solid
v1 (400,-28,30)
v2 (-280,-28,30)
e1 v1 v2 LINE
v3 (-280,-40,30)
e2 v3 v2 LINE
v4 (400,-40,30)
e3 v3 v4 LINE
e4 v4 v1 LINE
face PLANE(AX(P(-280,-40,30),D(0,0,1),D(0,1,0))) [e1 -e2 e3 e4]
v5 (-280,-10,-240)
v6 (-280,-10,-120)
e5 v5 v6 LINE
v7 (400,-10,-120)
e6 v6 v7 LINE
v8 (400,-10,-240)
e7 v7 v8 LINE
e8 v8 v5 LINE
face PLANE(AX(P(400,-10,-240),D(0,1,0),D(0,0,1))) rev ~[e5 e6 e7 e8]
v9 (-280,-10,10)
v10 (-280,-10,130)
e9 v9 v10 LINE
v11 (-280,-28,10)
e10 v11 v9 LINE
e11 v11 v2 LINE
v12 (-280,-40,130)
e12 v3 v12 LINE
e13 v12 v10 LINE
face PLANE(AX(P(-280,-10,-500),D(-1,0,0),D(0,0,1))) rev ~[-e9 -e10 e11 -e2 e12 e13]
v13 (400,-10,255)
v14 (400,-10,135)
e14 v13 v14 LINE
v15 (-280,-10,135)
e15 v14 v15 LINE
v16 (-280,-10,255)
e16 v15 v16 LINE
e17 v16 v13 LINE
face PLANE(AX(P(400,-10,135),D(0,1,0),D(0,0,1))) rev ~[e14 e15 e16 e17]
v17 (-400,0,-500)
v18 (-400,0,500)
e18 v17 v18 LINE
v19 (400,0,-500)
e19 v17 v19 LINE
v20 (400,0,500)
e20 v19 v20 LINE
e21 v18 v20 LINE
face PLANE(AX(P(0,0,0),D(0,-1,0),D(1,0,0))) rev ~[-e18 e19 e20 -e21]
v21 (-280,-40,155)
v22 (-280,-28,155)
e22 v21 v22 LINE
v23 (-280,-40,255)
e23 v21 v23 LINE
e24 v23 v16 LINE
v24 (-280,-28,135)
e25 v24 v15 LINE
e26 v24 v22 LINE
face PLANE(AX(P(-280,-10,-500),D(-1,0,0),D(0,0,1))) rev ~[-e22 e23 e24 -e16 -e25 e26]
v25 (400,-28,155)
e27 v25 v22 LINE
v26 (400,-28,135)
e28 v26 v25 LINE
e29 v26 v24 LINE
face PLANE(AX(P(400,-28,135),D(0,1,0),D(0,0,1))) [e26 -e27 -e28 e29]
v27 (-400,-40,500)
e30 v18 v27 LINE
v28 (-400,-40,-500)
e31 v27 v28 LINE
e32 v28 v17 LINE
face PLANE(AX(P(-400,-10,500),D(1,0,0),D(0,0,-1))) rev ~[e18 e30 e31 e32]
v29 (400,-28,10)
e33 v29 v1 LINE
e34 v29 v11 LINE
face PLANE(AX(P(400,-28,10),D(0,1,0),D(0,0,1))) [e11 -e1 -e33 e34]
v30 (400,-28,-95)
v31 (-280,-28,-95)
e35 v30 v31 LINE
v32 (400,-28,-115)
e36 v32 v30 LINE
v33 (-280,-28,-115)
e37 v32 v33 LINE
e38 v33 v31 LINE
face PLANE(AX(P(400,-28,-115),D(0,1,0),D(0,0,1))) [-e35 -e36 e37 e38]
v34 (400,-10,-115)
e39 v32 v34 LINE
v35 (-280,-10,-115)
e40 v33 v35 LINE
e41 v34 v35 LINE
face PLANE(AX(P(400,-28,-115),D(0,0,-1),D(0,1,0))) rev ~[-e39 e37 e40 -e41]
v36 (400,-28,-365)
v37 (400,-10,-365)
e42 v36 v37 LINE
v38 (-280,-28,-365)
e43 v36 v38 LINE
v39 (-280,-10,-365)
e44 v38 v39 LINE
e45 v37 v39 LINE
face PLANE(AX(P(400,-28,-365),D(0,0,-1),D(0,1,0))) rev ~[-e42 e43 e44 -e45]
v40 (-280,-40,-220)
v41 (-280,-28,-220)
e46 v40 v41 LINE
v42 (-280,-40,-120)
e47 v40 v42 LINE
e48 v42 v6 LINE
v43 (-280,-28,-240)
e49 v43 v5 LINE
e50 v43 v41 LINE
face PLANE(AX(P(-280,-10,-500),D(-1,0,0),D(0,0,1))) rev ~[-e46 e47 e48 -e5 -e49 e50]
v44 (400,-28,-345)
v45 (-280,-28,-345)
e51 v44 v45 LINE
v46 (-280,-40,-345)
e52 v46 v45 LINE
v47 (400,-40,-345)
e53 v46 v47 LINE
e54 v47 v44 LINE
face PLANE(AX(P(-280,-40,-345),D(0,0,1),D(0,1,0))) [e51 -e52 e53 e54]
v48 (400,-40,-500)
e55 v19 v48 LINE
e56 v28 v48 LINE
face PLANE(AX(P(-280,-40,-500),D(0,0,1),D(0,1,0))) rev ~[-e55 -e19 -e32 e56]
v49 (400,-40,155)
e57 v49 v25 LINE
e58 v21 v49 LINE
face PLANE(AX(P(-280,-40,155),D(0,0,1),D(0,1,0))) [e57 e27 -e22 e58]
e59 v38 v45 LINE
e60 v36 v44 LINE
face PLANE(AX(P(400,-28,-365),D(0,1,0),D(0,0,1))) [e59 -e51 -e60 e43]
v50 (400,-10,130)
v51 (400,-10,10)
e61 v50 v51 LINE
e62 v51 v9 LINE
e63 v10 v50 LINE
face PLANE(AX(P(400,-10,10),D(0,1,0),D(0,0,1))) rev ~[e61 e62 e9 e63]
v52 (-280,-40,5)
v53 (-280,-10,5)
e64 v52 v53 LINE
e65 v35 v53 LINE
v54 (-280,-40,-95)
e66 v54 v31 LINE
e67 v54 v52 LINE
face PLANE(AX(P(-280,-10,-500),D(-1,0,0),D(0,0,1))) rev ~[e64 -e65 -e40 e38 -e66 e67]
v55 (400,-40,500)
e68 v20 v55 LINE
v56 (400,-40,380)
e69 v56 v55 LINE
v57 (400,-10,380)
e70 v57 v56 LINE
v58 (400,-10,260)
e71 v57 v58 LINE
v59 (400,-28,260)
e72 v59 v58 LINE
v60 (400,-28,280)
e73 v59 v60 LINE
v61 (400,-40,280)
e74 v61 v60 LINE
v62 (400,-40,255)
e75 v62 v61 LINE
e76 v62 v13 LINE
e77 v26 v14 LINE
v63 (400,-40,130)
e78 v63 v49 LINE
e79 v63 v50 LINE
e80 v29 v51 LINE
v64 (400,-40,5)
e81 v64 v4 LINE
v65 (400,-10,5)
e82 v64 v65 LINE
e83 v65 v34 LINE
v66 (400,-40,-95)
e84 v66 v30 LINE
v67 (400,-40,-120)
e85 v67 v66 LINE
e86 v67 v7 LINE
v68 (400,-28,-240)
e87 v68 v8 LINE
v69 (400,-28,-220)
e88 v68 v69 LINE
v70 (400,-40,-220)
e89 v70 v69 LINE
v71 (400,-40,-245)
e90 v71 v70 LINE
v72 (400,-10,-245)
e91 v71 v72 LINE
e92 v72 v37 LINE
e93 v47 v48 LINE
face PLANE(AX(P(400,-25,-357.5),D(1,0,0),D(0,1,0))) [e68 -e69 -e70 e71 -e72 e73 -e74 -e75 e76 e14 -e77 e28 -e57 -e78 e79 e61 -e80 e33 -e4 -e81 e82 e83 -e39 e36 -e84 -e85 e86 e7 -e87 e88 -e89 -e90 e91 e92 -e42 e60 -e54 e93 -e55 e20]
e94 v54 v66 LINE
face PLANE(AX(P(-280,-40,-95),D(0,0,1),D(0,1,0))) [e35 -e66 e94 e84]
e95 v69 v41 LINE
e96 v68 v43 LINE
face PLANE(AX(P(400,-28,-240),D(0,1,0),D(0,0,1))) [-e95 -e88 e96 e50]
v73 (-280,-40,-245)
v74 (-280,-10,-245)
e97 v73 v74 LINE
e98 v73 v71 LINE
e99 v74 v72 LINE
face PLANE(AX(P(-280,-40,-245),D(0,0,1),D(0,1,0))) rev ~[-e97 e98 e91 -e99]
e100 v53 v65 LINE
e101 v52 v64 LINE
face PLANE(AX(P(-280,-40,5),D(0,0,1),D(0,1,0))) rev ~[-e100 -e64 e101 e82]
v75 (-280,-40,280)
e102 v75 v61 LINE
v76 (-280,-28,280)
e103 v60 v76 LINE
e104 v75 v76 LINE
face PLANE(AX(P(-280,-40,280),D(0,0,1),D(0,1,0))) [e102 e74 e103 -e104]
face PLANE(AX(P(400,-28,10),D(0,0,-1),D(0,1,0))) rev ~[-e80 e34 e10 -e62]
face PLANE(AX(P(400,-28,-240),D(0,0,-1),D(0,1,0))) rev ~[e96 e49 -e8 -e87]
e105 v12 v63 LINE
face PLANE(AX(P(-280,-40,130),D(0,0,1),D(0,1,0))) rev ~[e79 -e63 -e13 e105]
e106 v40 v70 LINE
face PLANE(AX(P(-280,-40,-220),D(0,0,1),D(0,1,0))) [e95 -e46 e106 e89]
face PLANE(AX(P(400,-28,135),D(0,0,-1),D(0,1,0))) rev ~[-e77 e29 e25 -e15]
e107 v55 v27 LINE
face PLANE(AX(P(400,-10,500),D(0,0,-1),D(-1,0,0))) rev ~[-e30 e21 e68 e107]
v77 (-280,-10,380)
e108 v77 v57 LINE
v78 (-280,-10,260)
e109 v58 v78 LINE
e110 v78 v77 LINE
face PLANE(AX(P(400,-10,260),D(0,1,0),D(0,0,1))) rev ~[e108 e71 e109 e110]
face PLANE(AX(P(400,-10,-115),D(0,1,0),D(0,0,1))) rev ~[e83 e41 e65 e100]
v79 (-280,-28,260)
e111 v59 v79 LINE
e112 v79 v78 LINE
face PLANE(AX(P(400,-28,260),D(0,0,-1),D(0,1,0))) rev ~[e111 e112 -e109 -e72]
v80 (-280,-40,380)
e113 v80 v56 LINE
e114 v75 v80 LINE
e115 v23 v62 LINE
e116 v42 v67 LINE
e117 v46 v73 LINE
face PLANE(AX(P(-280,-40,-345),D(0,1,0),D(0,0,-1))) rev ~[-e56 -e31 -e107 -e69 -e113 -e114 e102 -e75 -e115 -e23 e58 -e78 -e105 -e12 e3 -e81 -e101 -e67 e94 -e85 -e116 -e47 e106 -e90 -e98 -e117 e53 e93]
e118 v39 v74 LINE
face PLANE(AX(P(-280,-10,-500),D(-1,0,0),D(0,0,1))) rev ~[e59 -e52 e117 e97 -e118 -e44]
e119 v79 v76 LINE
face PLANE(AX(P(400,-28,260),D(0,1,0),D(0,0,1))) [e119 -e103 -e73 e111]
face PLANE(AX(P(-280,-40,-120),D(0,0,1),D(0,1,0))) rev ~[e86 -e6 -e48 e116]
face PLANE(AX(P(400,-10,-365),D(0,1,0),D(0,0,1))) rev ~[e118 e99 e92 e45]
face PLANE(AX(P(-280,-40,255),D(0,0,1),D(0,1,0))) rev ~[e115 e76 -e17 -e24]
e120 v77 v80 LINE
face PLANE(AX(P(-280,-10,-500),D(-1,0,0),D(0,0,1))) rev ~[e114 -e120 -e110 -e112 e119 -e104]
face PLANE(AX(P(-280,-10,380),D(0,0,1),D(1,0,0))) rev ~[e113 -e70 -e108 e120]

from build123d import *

# Parameters (mm, degrees)
F0_W     = 800
F0_H     = 1000
F1_DEPTH = 10
F2_W     = 680
F2_H     = 120
F2_W_2   = 120
F2_H_2   = 880
F3_DEPTH = 30
F4_W     = 30
F4_H     = 25
F4_H_2   = 130
F5_DEPTH = 680
F6_W     = 18
F6_H     = 20
F7_DEPTH = 680


with BuildPart() as f1:
    # F0 (on Front) → F1 (new body)
    with BuildSketch(Plane.XZ):
        Rectangle(F0_W, F0_H)
    extrude(amount=F1_DEPTH)

    # F2 (on face) → F3 (join)
    with BuildSketch(Plane.XZ.offset(10)):
        with Locations((60, 440)):
            Rectangle(F2_W, F2_H)
        with Locations((-340, -60)):
            Rectangle(F2_W_2, F2_H_2)
        with Locations((-340, 440)):
            Rectangle(F2_W_2, F2_H)
    extrude(amount=F3_DEPTH)

    # F4 (on face) → F5 (join)
    with BuildSketch(Plane.YZ.offset(-280)):
        with Locations((-25, 267.5)):
            Rectangle(F4_W, F4_H)
        with Locations((-25, 142.5)):
            Rectangle(F4_W, F4_H)
        with Locations((-25, 17.5)):
            Rectangle(F4_W, F4_H)
        with Locations((-25, -107.5)):
            Rectangle(F4_W, F4_H)
        with Locations((-25, -232.5)):
            Rectangle(F4_W, F4_H)
        with Locations((-25, -357.5)):
            Rectangle(F4_W, F4_H)
        with Locations((-25, -435)):
            Rectangle(F4_W, F4_H_2)
    extrude(amount=F5_DEPTH)

    # F6 (on face) → F7 (cut)
    with BuildSketch(Plane.YZ.offset(400)):
        with Locations((-19, 270)):
            Rectangle(F6_W, F6_H)
        with Locations((-19, 145)):
            Rectangle(F6_W, F6_H)
        with Locations((-19, 20)):
            Rectangle(F6_W, F6_H)
        with Locations((-19, -105)):
            Rectangle(F6_W, F6_H)
        with Locations((-19, -230)):
            Rectangle(F6_W, F6_H)
        with Locations((-19, -355)):
            Rectangle(F6_W, F6_H)
    extrude(amount=-F7_DEPTH, mode=Mode.SUBTRACT)


solid = f1.part
